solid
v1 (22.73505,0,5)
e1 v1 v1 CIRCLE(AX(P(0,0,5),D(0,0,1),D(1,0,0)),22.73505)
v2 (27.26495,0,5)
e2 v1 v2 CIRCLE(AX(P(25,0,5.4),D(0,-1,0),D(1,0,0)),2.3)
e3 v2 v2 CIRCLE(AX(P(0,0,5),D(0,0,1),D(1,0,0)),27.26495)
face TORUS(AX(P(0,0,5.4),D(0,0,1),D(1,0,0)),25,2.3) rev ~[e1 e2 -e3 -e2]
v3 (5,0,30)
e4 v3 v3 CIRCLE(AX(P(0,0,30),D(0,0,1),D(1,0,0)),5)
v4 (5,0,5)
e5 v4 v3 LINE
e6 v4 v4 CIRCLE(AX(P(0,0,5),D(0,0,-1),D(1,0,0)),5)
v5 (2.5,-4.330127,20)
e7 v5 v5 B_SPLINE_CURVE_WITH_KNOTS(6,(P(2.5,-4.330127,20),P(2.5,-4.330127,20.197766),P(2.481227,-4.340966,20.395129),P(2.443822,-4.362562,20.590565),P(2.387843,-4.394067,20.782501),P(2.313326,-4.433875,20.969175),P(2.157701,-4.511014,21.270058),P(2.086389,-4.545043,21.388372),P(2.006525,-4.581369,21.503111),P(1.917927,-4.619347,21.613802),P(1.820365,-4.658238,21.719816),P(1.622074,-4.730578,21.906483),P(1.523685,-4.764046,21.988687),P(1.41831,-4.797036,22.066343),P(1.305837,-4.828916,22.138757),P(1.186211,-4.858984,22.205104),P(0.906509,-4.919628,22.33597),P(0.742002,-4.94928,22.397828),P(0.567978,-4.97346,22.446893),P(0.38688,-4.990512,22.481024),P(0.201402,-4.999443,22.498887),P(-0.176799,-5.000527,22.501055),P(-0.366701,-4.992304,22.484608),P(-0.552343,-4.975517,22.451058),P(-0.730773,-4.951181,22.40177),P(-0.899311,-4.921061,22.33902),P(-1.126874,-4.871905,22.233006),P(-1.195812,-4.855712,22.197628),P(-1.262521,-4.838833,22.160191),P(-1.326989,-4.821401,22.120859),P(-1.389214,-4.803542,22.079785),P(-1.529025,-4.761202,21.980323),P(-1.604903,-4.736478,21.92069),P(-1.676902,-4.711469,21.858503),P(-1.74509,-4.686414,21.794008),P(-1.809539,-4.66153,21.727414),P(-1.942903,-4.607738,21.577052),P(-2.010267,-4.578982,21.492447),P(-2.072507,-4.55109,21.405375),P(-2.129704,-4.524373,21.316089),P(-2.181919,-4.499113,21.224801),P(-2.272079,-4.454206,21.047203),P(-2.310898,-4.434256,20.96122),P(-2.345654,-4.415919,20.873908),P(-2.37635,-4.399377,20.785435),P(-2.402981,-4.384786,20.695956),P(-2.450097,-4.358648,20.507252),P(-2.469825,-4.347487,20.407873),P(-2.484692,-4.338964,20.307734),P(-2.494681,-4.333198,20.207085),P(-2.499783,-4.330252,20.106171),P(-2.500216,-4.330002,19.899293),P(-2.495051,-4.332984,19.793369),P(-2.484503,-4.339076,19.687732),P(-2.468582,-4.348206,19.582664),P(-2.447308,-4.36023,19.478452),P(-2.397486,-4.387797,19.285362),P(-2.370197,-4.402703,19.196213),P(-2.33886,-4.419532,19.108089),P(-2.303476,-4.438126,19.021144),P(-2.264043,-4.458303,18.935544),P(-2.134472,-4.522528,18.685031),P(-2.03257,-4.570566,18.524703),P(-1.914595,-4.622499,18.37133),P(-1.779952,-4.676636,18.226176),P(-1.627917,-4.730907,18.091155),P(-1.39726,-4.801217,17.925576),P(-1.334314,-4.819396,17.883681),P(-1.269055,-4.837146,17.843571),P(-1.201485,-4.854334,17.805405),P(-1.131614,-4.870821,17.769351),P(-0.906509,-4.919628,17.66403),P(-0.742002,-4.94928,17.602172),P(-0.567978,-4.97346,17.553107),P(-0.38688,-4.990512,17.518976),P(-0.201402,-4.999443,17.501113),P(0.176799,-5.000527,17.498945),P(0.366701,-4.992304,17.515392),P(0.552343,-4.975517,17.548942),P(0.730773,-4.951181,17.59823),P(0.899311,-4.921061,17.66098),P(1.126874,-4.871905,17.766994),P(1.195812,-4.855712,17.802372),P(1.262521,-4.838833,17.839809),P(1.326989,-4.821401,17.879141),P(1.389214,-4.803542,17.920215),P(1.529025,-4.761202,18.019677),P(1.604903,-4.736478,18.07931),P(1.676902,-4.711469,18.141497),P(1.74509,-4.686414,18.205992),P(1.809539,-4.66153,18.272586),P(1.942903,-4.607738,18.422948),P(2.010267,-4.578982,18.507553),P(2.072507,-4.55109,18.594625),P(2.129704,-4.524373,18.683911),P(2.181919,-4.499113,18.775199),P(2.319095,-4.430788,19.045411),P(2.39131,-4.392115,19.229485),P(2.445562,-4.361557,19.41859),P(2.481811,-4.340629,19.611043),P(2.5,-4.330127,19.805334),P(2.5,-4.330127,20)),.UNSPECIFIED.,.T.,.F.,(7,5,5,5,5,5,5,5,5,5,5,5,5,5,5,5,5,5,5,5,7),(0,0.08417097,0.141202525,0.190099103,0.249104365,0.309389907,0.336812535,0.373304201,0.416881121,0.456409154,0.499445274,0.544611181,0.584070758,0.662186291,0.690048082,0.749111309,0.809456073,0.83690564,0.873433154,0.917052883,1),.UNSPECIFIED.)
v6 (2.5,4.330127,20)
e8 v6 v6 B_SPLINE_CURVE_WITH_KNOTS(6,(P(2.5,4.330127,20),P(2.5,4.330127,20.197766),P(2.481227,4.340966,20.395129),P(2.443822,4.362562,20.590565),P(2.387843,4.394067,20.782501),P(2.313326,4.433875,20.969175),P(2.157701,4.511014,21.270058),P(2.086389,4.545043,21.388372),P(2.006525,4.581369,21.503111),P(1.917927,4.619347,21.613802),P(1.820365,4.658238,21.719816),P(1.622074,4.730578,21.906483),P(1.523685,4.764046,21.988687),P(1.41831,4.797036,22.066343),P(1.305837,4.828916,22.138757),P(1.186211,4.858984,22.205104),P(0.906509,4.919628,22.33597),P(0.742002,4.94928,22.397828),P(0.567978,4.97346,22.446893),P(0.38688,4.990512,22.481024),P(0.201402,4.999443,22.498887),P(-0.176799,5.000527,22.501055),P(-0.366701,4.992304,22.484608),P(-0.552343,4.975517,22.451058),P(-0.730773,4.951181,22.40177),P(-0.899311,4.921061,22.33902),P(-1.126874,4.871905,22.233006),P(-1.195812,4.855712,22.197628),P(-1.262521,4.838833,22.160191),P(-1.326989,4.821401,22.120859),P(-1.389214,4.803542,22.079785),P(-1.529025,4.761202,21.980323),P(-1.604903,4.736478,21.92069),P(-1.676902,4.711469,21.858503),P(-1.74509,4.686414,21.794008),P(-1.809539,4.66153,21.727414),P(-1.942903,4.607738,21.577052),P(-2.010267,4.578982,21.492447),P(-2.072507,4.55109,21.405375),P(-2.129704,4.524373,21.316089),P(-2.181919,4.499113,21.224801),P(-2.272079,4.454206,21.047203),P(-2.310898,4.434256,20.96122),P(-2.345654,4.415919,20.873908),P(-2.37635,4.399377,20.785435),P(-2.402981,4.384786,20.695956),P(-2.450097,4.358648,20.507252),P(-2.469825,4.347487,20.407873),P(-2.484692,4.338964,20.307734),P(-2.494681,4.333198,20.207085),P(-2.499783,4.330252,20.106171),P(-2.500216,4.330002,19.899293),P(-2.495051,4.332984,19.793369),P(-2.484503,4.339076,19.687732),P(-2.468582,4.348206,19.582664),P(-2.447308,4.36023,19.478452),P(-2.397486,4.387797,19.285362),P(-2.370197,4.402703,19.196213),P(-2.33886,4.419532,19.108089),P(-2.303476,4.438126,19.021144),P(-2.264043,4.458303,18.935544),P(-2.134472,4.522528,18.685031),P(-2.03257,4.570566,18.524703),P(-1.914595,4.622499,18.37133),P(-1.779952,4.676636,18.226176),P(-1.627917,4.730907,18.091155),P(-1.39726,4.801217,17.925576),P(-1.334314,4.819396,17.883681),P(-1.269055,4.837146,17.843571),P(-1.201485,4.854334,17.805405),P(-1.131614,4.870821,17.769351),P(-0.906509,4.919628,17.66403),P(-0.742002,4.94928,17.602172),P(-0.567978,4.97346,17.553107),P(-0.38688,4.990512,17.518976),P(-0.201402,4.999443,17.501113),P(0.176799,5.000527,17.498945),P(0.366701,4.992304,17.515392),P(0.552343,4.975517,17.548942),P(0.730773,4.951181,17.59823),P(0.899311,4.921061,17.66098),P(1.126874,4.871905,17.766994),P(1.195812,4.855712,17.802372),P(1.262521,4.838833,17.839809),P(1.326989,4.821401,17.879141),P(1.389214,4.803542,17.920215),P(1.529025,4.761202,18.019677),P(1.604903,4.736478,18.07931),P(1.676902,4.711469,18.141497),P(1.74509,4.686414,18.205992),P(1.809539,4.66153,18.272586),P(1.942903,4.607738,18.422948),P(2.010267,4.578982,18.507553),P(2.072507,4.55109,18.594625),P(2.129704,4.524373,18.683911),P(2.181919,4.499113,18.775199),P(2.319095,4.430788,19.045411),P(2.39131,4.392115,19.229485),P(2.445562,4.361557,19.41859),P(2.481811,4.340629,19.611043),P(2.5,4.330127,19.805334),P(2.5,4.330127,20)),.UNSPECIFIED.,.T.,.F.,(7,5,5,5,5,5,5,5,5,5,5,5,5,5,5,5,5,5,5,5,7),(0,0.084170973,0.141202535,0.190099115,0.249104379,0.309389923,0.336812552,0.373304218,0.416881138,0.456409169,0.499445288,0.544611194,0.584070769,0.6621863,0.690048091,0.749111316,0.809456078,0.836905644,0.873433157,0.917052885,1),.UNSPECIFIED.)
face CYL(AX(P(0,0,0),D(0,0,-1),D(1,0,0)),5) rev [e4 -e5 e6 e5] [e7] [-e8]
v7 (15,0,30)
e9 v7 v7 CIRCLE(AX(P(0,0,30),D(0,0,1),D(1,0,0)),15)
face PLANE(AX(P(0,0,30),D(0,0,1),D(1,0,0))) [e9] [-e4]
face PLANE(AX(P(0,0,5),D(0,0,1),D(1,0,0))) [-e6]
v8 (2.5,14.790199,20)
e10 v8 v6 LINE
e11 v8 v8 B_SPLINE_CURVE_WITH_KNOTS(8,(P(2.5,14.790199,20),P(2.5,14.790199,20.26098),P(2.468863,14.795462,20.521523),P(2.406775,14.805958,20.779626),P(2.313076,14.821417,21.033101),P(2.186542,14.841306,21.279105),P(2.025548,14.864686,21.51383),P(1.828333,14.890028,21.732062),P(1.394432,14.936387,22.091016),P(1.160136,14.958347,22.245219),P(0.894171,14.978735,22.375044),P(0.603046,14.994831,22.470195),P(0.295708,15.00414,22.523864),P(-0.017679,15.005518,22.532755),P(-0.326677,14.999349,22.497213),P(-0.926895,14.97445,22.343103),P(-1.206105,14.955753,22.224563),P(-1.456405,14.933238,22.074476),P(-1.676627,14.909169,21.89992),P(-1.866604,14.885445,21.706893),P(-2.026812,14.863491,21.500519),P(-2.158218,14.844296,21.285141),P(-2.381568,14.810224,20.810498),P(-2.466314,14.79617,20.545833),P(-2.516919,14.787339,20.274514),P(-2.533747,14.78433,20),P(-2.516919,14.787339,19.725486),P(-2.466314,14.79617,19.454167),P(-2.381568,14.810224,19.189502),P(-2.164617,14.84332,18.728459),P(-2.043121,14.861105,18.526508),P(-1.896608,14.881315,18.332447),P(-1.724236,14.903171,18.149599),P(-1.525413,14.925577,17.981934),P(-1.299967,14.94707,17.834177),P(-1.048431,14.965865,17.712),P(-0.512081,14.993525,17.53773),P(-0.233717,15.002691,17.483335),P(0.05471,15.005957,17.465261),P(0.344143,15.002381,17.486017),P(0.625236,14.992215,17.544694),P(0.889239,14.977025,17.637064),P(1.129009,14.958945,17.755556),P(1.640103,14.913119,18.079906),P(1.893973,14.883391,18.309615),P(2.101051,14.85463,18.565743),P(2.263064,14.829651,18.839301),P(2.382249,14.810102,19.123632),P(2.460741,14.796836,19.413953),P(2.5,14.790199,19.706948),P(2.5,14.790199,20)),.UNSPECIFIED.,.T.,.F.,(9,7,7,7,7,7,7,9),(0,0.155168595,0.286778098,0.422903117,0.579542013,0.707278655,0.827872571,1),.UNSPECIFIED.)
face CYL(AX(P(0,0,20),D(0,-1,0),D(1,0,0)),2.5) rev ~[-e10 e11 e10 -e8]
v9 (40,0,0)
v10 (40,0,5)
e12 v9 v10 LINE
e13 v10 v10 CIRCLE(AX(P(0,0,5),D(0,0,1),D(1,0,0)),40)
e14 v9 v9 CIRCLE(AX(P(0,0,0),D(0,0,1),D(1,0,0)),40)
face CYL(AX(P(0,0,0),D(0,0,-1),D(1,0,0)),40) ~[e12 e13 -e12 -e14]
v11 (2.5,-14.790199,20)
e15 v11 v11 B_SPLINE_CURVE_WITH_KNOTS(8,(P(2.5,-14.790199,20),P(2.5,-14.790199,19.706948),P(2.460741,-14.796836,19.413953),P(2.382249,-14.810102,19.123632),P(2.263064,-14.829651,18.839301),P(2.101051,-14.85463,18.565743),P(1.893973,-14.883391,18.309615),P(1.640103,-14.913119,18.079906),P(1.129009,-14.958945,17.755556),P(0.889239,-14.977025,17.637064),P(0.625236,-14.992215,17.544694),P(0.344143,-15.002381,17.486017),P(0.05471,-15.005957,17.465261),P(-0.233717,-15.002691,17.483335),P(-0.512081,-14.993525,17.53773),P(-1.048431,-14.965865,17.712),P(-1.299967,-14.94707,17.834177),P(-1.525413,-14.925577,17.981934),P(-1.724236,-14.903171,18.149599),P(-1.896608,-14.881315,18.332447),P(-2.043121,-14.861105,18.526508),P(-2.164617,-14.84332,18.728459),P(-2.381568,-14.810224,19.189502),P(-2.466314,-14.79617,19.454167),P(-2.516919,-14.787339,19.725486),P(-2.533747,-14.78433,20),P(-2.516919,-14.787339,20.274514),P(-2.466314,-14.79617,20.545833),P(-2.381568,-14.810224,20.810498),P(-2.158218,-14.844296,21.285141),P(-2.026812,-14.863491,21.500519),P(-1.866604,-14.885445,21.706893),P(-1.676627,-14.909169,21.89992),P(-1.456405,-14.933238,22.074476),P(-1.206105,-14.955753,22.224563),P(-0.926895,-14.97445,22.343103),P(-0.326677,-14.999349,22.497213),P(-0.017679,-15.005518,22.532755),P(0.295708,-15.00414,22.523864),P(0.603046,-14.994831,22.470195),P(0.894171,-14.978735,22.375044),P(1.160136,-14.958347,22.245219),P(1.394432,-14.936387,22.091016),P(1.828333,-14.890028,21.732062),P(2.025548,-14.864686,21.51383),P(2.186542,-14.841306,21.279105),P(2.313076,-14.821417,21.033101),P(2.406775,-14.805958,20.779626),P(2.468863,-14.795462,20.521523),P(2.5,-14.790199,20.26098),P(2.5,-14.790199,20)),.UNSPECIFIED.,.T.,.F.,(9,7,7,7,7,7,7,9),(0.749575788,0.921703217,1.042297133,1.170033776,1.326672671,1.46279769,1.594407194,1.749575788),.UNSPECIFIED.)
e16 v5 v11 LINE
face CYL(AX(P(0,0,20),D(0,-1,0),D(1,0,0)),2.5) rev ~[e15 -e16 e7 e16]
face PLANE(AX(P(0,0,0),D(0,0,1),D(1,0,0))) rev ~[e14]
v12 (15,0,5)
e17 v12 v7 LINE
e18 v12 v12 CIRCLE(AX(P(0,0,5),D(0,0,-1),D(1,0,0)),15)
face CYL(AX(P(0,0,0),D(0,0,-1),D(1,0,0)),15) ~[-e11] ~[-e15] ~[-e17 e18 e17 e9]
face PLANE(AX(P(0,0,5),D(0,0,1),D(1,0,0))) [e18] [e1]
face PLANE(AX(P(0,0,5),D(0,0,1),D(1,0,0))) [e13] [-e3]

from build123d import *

# Parameters (mm, degrees)
SKETCH003_R  = 5
PAD002_DEPTH = 30
SKETCH004_R  = 2.5
PAD003_DEPTH = 15
SKETCH002_R  = 15
PAD001_DEPTH = 30
SKETCH001_R  = 2.3
SKETCH_R     = 40
PAD_DEPTH    = 5


with BuildPart() as pad002:
    # Sketch003 → Pad002 (new body)
    with BuildSketch(Plane.XY):
        Circle(SKETCH003_R)
    extrude(amount=PAD002_DEPTH)


with BuildPart() as pad003:
    # Sketch004 → Pad003 (new body, symmetric)
    with BuildSketch(Plane.XZ):
        with Locations((0, 20)):
            Circle(SKETCH004_R)
    extrude(amount=PAD003_DEPTH, both=True)


with BuildPart() as post:
    # Sketch002 → Pad001 (new body)
    with BuildSketch(Plane.XY):
        Circle(SKETCH002_R)
    extrude(amount=PAD001_DEPTH)

    # Cut002: cut Pad003
    add(pad003.part, mode=Mode.SUBTRACT)

    # Cut003: cut Pad002
    add(pad002.part, mode=Mode.SUBTRACT)


with BuildPart() as revolution:
    # Sketch001 → Revolution (revolve)
    with BuildSketch(Plane.XZ):
        with Locations((25, 5.4)):
            Circle(SKETCH001_R)
    revolve(axis=Axis((0, 0, 0), (0, 0, 1)))


with BuildPart() as fusion:
    # Sketch → Pad (new body)
    with BuildSketch(Plane.XY):
        Circle(SKETCH_R)
    extrude(amount=PAD_DEPTH)

    # Cut: cut Revolution
    add(revolution.part, mode=Mode.SUBTRACT)

    # Fusion: union post
    add(post.part)


solid = fusion.part
